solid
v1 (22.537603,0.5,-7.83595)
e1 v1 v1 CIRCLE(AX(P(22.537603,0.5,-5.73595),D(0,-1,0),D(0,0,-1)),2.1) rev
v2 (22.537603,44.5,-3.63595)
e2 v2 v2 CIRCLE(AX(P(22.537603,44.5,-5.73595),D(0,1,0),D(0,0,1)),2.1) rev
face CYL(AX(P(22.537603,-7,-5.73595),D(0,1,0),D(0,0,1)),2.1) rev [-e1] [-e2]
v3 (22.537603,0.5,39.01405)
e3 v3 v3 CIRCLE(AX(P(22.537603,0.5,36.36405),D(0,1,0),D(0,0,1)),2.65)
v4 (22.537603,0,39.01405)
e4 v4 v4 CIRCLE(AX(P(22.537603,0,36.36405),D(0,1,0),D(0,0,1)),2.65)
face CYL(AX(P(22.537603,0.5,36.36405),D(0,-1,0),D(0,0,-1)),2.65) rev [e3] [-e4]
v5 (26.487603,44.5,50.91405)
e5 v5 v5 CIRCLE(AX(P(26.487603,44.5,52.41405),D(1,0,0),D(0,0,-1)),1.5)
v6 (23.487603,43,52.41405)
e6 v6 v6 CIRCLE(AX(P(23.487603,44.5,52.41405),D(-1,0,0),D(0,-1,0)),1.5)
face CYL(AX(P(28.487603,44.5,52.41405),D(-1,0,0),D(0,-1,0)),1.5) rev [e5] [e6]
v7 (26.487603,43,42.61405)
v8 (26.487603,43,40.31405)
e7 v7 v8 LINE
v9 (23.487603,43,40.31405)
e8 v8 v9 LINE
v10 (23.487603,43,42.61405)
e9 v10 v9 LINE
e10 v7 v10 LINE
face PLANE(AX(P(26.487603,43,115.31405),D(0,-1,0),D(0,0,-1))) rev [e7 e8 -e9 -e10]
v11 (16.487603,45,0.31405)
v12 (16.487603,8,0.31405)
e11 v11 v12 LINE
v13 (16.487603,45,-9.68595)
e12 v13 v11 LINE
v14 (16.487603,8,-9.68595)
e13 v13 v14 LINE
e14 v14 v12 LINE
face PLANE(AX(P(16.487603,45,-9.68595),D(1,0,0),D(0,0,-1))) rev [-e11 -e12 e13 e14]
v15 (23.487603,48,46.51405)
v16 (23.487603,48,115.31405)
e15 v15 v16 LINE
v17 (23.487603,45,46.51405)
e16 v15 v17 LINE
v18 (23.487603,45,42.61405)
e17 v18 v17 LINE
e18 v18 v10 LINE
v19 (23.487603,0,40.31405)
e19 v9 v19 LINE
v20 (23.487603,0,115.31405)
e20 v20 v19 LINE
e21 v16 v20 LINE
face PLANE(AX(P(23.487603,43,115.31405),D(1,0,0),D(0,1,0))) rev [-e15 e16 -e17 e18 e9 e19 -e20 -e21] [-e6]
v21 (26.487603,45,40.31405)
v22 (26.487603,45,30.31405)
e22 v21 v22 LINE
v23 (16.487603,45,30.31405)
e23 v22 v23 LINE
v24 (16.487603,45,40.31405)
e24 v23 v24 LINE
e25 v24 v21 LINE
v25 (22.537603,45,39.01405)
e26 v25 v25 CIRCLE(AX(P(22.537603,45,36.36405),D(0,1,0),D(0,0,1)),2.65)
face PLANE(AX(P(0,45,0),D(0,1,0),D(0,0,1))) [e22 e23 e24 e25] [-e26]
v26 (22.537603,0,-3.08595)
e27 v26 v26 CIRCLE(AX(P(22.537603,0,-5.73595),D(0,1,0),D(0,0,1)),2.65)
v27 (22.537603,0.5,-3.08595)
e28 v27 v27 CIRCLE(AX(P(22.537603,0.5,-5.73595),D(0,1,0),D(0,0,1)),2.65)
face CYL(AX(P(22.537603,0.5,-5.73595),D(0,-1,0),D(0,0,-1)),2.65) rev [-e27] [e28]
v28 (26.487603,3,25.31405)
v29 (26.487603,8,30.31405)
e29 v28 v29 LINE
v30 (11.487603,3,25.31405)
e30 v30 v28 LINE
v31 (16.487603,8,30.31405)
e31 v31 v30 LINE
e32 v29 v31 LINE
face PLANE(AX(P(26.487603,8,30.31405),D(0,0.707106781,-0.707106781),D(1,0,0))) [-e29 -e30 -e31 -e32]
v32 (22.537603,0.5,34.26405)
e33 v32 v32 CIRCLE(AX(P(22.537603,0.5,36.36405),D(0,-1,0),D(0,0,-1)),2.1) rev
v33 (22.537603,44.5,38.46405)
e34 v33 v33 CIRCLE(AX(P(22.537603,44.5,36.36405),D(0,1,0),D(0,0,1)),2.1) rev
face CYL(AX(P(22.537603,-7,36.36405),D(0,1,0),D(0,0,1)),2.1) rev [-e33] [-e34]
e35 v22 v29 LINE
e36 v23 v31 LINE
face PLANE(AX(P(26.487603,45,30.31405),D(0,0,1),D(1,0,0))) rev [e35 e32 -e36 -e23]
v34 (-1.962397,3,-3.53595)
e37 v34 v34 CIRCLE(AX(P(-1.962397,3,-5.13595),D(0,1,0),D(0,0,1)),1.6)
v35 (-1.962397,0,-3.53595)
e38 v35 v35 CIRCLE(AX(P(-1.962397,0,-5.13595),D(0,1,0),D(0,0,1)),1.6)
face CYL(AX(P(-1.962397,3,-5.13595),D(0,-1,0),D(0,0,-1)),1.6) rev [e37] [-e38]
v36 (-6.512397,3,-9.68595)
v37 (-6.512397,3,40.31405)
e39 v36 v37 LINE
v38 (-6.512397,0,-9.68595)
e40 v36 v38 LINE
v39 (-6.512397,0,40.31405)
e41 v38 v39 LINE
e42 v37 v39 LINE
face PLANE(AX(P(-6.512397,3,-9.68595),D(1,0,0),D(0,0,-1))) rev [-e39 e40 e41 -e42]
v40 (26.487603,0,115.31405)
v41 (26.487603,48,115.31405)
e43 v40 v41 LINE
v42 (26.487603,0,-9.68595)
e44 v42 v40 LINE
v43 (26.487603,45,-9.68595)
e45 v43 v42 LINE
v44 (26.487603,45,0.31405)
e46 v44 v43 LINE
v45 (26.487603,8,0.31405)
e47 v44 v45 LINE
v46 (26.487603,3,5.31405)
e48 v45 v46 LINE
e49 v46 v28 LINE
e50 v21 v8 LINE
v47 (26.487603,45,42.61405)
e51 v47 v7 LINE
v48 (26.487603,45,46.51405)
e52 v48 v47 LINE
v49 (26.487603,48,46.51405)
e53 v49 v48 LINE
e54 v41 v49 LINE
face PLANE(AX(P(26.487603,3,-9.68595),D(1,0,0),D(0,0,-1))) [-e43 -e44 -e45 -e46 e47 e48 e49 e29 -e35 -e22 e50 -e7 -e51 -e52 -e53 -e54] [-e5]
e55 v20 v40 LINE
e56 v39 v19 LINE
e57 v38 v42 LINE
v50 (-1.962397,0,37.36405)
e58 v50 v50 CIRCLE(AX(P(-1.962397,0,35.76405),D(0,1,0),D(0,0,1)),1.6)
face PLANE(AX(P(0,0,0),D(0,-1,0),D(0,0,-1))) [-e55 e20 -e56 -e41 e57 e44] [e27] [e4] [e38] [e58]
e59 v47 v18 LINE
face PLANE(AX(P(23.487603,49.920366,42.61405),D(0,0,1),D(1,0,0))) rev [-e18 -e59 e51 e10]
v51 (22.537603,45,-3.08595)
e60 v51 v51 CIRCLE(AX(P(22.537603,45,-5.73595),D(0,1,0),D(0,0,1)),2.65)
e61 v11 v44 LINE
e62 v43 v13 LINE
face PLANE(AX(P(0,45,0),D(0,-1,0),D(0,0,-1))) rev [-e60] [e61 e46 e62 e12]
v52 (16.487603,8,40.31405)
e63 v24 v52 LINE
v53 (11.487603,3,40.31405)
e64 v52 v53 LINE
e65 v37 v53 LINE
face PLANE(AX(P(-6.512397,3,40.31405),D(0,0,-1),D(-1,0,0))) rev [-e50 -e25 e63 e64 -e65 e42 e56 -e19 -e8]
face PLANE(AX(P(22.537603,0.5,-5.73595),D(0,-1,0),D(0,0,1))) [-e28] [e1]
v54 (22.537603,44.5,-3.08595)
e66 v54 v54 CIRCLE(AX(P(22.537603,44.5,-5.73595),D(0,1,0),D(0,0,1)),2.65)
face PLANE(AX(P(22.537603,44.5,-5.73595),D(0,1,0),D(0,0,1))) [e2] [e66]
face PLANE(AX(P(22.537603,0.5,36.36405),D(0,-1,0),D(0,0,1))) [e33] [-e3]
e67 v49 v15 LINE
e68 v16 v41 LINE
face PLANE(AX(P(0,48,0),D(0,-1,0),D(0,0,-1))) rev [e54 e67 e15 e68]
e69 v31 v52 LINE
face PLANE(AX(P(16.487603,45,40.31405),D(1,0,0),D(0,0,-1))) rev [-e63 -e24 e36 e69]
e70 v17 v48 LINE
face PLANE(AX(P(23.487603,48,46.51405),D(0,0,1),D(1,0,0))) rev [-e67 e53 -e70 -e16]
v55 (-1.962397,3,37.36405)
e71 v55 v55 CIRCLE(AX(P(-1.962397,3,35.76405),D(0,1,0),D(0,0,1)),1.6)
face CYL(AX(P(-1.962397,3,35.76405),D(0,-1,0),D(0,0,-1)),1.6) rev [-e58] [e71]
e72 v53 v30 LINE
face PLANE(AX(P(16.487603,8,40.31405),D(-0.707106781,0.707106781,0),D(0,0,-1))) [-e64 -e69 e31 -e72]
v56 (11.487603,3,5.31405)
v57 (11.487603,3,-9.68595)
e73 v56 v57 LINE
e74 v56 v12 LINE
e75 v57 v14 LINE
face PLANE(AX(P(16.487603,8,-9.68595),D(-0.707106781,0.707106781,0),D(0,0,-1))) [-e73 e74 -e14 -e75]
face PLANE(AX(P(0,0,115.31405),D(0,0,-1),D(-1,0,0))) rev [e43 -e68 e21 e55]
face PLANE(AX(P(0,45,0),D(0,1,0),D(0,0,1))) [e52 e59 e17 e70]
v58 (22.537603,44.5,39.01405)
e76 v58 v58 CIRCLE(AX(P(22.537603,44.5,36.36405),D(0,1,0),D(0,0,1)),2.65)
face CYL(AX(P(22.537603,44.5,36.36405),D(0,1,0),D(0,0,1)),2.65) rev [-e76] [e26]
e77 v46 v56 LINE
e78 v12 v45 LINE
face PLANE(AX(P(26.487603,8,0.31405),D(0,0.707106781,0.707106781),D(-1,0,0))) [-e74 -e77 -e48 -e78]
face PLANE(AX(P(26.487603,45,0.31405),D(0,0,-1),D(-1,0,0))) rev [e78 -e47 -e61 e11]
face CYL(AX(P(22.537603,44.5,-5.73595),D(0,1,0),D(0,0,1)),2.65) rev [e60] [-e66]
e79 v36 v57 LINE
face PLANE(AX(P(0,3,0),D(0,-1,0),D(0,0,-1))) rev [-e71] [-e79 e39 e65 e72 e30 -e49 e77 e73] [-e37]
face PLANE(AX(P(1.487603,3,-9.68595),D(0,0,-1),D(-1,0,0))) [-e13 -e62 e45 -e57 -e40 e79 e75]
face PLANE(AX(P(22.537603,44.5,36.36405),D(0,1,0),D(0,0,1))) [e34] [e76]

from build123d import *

# Parameters (mm, degrees)
SKETCH1_R           = 1.6
BOSS_EXTRUDE1_DEPTH = 3
SKETCH2_W           = 10
SKETCH2_H           = 10
BOSS_EXTRUDE2_DEPTH = 42
CHAMFER1_SIZE       = 5
SKETCH3_R           = 2.1
CUT_EXTRUDE1_DEPTH  = 52
SKETCH4_R           = 2.65
CUT_EXTRUDE2_DEPTH  = 0.5
SKETCH5_W           = 3
SKETCH5_H           = 43
BOSS_EXTRUDE3_DEPTH = 75
SKETCH6_W           = 3
SKETCH6_H           = 3.9
BOSS_EXTRUDE4_DEPTH = 2
SKETCH7_W           = 3
SKETCH7_H           = 68.8
BOSS_EXTRUDE5_DEPTH = 5
SKETCH8_R           = 1.5
CUT_EXTRUDE3_DEPTH  = 5


with BuildPart() as part:
    # Sketch1 → Boss-Extrude1 (new body)
    with BuildSketch(Plane(origin=(0, 0, 0), x_dir=(1, 0, 0), z_dir=(0, 1, 0))):
        Polygon((-6.512396694, 9.685950413), (1.487603306, 9.685950413), (26.487603306, 9.685950413), (26.487603306, -40.314049587), (1.487603306, -40.314049587), (-6.512396694, -40.314049587), align=None)
        with Locations(Location((-1.962396694, -35.764049587, 0), (0, 0, 270))):
            Circle(SKETCH1_R, mode=Mode.SUBTRACT)
        with Locations(Location((-1.962396694, 5.135950413, 0), (0, 0, 270))):
            Circle(SKETCH1_R, mode=Mode.SUBTRACT)
    extrude(amount=BOSS_EXTRUDE1_DEPTH)

    # Sketch2 → Boss-Extrude2 (add)
    with BuildSketch(Plane(origin=(0, 3, 0), x_dir=(1, 0, 0), z_dir=(0, 1, 0))):
        with Locations((21.487603306, -35.314049587)):
            Rectangle(SKETCH2_W, SKETCH2_H)
        with Locations((21.487603306, 4.685950413)):
            Rectangle(SKETCH2_W, SKETCH2_H)
    extrude(amount=BOSS_EXTRUDE2_DEPTH)

    # Chamfer1
    chamfer1_edges = [part.edges().sort_by_distance(p)[0] for p in [
        (21.487603306, 3, 30.314049587),
        (16.487603306, 3, 35.314049587),
        (16.487603306, 3, -4.685950413),
        (21.487603306, 3, 0.314049587),
    ]]
    chamfer(chamfer1_edges, length=CHAMFER1_SIZE)

    # Sketch3 → Cut-Extrude1 (cut)
    with BuildSketch(Plane(origin=(0, 45, 0), x_dir=(1, 0, 0), z_dir=(0, 1, 0))):
        with Locations(Location((22.537603306, -36.364049587, 0), (0, 0, 270))):
            Circle(SKETCH3_R)
        with Locations(Location((22.537603306, 5.735950413, 0), (0, 0, 270))):
            Circle(SKETCH3_R)
    extrude(amount=-CUT_EXTRUDE1_DEPTH, mode=Mode.SUBTRACT)

    # Sketch4 → Cut-Extrude2 (cut)
    with BuildSketch(Plane(origin=(0, 45, 0), x_dir=(1, 0, 0), z_dir=(0, 1, 0))):
        with Locations(Location((22.537603306, -36.364049587, 0), (0, 0, 270))):
            Circle(SKETCH4_R)
        with Locations(Location((22.537603306, 5.735950413, 0), (0, 0, 270))):
            Circle(SKETCH4_R)
    cut_extrude2 = extrude(amount=-CUT_EXTRUDE2_DEPTH, mode=Mode.SUBTRACT)

    # Mirror1: Cut-Extrude2 across plane
    add(cut_extrude2.mirror(Plane(origin=(0, 22.5, 0), x_dir=(0, 0, 1), z_dir=(0, -1, 0))), mode=Mode.SUBTRACT)

    # Sketch5 → Boss-Extrude3 (add)
    with BuildSketch(Plane.XY.offset(40.314049587)):
        with Locations((24.987603306, 21.5)):
            Rectangle(SKETCH5_W, SKETCH5_H)
    extrude(amount=BOSS_EXTRUDE3_DEPTH)

    # Sketch6 → Boss-Extrude4 (add)
    with BuildSketch(Plane(origin=(0, 43, 0), x_dir=(1, 0, 0), z_dir=(0, 1, 0))):
        with Locations((24.987603306, -44.564049587)):
            Rectangle(SKETCH6_W, SKETCH6_H)
    extrude(amount=BOSS_EXTRUDE4_DEPTH)

    # Sketch7 → Boss-Extrude5 (add)
    with BuildSketch(Plane(origin=(0, 43, 0), x_dir=(1, 0, 0), z_dir=(0, 1, 0))):
        with Locations((24.987603306, -80.914049587)):
            Rectangle(SKETCH7_W, SKETCH7_H)
    extrude(amount=BOSS_EXTRUDE5_DEPTH)

    # Sketch8 → Cut-Extrude3 (cut)
    with BuildSketch(Plane.ZY.offset(-23.487603306)):
        with Locations(Location((52.414049587, 44.5, 0), (0, 0, 270))):
            Circle(SKETCH8_R)
    extrude(amount=-CUT_EXTRUDE3_DEPTH, mode=Mode.SUBTRACT)


solid = part.part
